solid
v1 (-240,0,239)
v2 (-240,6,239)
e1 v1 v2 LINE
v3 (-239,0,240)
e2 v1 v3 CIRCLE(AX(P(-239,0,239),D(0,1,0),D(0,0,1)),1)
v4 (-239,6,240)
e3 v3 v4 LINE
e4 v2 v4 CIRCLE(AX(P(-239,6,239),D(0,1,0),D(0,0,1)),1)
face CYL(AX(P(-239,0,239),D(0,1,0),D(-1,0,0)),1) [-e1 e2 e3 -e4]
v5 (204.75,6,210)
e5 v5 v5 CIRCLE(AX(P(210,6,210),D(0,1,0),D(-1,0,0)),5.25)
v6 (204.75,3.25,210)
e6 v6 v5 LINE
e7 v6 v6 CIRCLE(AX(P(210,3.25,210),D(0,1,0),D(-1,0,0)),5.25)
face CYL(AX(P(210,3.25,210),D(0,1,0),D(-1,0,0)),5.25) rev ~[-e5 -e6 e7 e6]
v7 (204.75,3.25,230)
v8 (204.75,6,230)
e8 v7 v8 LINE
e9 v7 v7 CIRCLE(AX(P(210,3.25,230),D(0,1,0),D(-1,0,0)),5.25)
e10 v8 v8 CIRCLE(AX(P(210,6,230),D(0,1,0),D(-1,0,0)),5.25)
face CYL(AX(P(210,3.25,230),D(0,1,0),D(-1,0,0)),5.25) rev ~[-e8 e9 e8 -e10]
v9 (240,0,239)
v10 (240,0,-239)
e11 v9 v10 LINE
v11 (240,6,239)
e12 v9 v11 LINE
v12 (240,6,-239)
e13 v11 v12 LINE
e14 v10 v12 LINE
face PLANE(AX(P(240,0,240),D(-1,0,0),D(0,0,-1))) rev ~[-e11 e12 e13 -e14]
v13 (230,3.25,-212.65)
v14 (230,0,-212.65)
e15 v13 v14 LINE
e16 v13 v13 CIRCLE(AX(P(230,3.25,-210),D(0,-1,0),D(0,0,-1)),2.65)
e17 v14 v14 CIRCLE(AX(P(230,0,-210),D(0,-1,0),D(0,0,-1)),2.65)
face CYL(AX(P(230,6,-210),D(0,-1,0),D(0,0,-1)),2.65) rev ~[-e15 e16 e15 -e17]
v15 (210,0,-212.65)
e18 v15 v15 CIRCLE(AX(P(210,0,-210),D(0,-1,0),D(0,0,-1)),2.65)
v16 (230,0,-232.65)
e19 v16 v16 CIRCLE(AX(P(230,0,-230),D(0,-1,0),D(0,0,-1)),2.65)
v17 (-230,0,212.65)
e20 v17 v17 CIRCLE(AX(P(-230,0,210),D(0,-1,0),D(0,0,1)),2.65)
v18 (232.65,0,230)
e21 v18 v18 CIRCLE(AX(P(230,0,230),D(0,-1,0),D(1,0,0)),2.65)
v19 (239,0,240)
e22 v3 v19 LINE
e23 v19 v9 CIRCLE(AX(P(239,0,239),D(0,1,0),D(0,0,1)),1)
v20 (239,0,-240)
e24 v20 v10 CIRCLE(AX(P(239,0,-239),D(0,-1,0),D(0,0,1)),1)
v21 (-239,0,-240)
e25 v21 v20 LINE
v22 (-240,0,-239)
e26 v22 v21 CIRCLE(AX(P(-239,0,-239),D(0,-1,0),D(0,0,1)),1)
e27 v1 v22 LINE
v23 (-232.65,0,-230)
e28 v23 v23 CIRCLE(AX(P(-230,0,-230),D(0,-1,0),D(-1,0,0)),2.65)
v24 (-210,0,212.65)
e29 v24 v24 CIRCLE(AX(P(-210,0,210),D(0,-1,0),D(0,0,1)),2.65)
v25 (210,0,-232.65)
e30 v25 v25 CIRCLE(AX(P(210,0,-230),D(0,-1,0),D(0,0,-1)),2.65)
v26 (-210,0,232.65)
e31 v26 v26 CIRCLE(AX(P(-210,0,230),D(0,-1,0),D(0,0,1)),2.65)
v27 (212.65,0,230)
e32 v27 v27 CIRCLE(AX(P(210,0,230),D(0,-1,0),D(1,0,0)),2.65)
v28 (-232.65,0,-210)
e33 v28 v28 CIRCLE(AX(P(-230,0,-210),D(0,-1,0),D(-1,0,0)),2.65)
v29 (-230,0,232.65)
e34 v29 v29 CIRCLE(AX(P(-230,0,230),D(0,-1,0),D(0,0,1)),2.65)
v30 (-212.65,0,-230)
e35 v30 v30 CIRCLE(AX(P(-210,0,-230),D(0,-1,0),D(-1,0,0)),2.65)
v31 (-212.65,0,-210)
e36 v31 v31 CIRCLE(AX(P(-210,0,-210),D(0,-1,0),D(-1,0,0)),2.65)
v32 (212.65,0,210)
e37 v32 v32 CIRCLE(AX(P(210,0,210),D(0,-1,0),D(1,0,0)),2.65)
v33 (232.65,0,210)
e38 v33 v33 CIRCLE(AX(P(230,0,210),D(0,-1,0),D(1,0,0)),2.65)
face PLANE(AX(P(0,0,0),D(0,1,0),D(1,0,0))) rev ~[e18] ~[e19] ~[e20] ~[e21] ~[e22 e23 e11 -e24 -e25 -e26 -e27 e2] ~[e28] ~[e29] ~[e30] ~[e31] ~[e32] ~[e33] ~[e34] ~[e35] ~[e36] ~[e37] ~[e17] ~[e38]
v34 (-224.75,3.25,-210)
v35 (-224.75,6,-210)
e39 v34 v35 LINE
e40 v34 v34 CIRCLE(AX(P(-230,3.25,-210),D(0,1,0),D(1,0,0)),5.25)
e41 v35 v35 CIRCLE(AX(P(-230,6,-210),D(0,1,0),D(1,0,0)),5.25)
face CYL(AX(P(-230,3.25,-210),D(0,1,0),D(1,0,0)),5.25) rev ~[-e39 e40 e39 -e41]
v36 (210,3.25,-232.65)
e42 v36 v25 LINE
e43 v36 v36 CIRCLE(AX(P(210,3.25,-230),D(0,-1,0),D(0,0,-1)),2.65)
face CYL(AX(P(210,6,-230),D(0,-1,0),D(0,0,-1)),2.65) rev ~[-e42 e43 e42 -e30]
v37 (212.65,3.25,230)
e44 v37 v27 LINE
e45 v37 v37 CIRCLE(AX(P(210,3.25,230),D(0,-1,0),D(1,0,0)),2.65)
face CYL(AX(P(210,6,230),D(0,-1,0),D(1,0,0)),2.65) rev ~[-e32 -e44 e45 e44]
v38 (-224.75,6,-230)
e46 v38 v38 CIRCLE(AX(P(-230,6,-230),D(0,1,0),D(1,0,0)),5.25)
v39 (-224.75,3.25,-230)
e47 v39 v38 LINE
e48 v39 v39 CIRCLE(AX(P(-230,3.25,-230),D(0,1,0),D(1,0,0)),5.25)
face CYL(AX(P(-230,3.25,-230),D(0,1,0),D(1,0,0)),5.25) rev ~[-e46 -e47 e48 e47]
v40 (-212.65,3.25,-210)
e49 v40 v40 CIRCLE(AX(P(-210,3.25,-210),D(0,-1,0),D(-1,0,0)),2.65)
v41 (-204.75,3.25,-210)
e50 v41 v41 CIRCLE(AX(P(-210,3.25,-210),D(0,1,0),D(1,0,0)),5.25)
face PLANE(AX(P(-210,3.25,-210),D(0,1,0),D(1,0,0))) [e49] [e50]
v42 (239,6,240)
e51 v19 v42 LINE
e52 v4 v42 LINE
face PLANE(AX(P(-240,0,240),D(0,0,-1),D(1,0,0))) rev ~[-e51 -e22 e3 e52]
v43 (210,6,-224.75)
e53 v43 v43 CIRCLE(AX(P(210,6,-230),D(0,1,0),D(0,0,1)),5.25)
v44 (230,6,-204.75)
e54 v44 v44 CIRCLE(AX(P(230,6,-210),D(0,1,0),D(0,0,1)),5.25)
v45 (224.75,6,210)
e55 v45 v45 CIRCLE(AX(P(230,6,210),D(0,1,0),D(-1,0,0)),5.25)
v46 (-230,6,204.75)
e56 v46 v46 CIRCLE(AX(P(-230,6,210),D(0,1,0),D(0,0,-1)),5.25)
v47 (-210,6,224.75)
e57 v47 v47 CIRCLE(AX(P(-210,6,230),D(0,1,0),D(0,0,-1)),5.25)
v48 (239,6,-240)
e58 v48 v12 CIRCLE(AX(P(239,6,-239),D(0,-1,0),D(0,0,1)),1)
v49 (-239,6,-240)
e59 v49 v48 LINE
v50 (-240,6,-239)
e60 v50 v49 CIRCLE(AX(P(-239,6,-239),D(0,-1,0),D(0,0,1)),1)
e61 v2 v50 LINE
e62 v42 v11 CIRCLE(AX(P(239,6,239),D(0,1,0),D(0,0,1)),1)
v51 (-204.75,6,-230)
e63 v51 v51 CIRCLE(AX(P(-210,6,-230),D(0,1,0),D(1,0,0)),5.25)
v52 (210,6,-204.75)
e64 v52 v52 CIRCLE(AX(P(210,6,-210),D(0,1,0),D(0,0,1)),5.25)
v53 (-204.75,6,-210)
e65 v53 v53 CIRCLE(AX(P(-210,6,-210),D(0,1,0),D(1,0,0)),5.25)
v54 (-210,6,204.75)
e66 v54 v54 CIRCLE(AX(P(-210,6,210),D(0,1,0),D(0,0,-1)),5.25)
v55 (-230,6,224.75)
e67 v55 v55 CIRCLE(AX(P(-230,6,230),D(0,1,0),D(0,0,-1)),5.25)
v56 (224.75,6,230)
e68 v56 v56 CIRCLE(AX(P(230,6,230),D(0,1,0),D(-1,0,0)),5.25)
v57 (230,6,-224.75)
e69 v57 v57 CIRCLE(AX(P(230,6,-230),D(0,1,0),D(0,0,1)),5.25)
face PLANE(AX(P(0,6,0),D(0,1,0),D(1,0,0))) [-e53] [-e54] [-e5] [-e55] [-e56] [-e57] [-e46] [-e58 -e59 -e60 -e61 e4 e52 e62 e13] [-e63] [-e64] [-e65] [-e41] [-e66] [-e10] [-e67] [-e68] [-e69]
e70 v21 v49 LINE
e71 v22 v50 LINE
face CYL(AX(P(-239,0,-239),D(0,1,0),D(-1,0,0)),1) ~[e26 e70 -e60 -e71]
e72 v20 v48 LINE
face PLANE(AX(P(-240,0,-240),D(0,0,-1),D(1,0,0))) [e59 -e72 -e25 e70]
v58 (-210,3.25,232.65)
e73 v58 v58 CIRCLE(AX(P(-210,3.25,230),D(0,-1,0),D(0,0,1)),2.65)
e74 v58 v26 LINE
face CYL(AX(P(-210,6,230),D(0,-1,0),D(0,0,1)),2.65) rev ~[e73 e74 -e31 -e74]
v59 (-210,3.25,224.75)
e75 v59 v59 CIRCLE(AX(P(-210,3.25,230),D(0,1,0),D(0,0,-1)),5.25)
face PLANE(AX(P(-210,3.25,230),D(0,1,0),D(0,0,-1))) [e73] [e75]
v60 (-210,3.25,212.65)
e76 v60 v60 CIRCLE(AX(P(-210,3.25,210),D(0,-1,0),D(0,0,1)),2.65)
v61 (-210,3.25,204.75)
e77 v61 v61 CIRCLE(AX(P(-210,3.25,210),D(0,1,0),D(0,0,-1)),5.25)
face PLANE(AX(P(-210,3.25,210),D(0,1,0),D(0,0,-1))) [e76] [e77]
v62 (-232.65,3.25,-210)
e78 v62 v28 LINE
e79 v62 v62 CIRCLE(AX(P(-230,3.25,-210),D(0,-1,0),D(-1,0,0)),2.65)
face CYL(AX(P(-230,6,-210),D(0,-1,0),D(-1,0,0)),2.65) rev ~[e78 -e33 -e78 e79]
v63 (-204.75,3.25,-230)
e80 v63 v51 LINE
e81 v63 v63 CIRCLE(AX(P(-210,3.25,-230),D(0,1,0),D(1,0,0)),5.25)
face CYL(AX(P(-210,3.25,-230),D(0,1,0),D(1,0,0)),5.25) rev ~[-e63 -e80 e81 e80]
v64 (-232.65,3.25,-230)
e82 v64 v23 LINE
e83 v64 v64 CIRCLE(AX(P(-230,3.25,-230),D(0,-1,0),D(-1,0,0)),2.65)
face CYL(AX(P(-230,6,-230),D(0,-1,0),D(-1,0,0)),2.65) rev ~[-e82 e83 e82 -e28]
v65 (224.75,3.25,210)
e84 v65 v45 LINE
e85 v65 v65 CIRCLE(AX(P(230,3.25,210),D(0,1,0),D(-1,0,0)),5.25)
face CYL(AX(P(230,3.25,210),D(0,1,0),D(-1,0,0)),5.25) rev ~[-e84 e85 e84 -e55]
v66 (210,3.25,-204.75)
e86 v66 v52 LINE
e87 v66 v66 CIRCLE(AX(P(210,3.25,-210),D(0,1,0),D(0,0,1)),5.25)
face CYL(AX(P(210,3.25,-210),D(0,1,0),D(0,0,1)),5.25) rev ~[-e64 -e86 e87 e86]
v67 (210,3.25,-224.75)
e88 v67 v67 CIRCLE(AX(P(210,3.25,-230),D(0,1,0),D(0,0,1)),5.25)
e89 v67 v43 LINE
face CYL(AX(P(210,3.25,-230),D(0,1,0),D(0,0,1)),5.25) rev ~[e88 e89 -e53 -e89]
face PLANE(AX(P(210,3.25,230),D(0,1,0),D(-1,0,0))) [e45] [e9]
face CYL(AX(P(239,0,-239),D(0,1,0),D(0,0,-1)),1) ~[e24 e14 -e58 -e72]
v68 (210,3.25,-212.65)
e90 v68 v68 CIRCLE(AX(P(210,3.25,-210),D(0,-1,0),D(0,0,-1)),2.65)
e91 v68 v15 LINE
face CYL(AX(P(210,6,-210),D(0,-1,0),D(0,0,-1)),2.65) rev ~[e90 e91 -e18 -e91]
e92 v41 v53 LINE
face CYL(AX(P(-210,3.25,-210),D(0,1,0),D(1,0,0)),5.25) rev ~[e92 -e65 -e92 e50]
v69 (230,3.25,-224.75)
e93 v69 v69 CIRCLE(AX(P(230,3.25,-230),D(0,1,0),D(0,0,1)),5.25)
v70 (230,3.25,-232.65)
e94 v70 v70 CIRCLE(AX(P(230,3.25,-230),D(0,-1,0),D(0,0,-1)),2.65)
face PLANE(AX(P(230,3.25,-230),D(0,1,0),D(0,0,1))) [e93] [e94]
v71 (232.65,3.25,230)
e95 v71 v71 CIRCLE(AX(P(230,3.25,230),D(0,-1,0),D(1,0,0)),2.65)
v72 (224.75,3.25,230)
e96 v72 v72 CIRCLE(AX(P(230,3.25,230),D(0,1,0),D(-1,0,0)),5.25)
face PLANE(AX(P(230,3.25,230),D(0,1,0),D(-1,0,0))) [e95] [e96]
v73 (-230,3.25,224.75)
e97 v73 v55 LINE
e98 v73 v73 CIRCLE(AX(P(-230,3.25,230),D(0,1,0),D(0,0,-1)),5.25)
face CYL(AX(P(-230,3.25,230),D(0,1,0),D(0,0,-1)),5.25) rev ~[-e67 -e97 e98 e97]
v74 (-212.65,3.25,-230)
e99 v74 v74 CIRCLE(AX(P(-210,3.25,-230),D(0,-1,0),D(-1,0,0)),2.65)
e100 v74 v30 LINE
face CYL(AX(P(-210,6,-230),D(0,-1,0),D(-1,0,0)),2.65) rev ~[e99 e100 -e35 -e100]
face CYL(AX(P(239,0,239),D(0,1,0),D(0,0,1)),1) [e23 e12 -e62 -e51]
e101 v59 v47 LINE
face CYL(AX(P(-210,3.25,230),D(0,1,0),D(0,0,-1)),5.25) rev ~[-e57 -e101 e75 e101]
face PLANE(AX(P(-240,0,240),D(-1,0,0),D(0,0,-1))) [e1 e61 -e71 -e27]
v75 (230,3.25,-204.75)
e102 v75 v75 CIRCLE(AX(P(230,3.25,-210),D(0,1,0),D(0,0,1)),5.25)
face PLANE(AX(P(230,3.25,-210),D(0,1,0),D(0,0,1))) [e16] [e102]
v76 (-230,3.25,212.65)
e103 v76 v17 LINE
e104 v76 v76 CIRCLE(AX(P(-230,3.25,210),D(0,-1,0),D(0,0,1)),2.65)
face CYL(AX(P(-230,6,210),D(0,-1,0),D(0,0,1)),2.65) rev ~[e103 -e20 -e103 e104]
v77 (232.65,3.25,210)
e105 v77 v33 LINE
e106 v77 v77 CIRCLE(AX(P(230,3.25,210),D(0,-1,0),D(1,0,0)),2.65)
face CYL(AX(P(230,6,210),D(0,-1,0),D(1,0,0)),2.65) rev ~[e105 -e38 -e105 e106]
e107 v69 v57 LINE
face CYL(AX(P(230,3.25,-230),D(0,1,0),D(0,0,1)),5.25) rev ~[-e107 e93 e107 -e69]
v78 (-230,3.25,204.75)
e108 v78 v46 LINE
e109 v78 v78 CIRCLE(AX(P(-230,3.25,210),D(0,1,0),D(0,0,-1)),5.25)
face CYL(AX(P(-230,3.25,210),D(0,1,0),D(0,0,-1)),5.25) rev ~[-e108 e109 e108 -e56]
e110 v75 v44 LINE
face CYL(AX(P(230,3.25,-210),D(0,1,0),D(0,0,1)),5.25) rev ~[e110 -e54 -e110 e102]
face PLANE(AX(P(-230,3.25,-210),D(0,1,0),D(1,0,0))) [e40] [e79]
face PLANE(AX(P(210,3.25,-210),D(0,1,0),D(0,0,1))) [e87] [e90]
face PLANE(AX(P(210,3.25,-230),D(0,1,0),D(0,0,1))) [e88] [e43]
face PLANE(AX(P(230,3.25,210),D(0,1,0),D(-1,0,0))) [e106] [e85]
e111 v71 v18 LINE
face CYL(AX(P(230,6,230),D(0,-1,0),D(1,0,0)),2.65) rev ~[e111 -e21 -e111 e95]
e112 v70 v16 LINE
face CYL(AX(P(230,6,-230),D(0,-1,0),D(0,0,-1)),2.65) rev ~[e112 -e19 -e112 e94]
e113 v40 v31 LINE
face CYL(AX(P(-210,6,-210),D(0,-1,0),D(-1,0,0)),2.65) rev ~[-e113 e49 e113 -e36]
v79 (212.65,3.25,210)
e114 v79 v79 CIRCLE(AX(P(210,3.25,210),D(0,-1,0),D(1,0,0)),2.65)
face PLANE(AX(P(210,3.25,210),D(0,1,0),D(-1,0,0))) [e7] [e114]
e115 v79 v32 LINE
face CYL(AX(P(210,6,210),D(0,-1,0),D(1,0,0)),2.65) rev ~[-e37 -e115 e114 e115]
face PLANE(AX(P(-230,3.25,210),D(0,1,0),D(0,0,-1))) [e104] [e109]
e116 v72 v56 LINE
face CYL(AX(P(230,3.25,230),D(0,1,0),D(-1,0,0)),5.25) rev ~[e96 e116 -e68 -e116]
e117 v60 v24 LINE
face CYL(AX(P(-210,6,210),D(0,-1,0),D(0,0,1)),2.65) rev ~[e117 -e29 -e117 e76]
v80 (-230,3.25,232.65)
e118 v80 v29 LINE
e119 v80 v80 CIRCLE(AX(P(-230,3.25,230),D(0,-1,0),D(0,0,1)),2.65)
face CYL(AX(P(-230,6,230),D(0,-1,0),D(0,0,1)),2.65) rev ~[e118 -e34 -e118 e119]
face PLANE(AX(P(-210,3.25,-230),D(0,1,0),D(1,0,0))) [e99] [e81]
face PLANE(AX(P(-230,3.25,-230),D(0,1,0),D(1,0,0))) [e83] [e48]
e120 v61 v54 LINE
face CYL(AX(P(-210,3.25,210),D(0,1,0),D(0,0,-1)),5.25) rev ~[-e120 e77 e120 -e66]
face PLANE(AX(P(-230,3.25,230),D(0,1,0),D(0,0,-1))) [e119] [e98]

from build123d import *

# Parameters (mm, degrees)
SKETCH1_W                       = 480
SKETCH1_H                       = 480
BOSS_EXTRUDE1_DEPTH             = 6
CBORE_FOR_M5_SBHCS1_D           = 5.3
CBORE_FOR_M5_SBHCS1_CBORE_D     = 10.5
CBORE_FOR_M5_SBHCS1_CBORE_DEPTH = 2.75
CIRPATTERN1_COUNT               = 4
FILLET1_R                       = 1


with BuildPart() as part:
    # Sketch1 → Boss-Extrude1 (new body)
    with BuildSketch(Plane(origin=(0, 0, 0), x_dir=(1, 0, 0), z_dir=(0, 1, 0))):
        Rectangle(SKETCH1_W, SKETCH1_H)
    extrude(amount=BOSS_EXTRUDE1_DEPTH)

    # CBORE for M5 SBHCS1 (through all)
    with Locations(Plane(origin=(0, 6, 0), x_dir=(1, 0, 0), z_dir=(0, 1, 0))):
        with Locations((-230, 230), (-210, 230), (-210, 210), (-230, 210)):
            cbore_for_m5_sbhcs1 = CounterBoreHole(CBORE_FOR_M5_SBHCS1_D / 2, CBORE_FOR_M5_SBHCS1_CBORE_D / 2, CBORE_FOR_M5_SBHCS1_CBORE_DEPTH)

    # CirPattern1: CBORE for M5 SBHCS1 ×4 about axis
    cirpattern1_axis = Axis((0, 8.4, 0), (0, -1, 0))
    for i in range(1, CIRPATTERN1_COUNT):
        add(cbore_for_m5_sbhcs1.rotate(cirpattern1_axis, i * 360 / CIRPATTERN1_COUNT), mode=Mode.SUBTRACT)

    # Fillet1
    fillet1_edges = [part.edges().sort_by_distance(p)[0] for p in [
        (-240, 3, -240),
        (240, 3, -240),
        (240, 3, 240),
        (-240, 3, 240),
    ]]
    fillet(fillet1_edges, radius=FILLET1_R)


solid = part.part
